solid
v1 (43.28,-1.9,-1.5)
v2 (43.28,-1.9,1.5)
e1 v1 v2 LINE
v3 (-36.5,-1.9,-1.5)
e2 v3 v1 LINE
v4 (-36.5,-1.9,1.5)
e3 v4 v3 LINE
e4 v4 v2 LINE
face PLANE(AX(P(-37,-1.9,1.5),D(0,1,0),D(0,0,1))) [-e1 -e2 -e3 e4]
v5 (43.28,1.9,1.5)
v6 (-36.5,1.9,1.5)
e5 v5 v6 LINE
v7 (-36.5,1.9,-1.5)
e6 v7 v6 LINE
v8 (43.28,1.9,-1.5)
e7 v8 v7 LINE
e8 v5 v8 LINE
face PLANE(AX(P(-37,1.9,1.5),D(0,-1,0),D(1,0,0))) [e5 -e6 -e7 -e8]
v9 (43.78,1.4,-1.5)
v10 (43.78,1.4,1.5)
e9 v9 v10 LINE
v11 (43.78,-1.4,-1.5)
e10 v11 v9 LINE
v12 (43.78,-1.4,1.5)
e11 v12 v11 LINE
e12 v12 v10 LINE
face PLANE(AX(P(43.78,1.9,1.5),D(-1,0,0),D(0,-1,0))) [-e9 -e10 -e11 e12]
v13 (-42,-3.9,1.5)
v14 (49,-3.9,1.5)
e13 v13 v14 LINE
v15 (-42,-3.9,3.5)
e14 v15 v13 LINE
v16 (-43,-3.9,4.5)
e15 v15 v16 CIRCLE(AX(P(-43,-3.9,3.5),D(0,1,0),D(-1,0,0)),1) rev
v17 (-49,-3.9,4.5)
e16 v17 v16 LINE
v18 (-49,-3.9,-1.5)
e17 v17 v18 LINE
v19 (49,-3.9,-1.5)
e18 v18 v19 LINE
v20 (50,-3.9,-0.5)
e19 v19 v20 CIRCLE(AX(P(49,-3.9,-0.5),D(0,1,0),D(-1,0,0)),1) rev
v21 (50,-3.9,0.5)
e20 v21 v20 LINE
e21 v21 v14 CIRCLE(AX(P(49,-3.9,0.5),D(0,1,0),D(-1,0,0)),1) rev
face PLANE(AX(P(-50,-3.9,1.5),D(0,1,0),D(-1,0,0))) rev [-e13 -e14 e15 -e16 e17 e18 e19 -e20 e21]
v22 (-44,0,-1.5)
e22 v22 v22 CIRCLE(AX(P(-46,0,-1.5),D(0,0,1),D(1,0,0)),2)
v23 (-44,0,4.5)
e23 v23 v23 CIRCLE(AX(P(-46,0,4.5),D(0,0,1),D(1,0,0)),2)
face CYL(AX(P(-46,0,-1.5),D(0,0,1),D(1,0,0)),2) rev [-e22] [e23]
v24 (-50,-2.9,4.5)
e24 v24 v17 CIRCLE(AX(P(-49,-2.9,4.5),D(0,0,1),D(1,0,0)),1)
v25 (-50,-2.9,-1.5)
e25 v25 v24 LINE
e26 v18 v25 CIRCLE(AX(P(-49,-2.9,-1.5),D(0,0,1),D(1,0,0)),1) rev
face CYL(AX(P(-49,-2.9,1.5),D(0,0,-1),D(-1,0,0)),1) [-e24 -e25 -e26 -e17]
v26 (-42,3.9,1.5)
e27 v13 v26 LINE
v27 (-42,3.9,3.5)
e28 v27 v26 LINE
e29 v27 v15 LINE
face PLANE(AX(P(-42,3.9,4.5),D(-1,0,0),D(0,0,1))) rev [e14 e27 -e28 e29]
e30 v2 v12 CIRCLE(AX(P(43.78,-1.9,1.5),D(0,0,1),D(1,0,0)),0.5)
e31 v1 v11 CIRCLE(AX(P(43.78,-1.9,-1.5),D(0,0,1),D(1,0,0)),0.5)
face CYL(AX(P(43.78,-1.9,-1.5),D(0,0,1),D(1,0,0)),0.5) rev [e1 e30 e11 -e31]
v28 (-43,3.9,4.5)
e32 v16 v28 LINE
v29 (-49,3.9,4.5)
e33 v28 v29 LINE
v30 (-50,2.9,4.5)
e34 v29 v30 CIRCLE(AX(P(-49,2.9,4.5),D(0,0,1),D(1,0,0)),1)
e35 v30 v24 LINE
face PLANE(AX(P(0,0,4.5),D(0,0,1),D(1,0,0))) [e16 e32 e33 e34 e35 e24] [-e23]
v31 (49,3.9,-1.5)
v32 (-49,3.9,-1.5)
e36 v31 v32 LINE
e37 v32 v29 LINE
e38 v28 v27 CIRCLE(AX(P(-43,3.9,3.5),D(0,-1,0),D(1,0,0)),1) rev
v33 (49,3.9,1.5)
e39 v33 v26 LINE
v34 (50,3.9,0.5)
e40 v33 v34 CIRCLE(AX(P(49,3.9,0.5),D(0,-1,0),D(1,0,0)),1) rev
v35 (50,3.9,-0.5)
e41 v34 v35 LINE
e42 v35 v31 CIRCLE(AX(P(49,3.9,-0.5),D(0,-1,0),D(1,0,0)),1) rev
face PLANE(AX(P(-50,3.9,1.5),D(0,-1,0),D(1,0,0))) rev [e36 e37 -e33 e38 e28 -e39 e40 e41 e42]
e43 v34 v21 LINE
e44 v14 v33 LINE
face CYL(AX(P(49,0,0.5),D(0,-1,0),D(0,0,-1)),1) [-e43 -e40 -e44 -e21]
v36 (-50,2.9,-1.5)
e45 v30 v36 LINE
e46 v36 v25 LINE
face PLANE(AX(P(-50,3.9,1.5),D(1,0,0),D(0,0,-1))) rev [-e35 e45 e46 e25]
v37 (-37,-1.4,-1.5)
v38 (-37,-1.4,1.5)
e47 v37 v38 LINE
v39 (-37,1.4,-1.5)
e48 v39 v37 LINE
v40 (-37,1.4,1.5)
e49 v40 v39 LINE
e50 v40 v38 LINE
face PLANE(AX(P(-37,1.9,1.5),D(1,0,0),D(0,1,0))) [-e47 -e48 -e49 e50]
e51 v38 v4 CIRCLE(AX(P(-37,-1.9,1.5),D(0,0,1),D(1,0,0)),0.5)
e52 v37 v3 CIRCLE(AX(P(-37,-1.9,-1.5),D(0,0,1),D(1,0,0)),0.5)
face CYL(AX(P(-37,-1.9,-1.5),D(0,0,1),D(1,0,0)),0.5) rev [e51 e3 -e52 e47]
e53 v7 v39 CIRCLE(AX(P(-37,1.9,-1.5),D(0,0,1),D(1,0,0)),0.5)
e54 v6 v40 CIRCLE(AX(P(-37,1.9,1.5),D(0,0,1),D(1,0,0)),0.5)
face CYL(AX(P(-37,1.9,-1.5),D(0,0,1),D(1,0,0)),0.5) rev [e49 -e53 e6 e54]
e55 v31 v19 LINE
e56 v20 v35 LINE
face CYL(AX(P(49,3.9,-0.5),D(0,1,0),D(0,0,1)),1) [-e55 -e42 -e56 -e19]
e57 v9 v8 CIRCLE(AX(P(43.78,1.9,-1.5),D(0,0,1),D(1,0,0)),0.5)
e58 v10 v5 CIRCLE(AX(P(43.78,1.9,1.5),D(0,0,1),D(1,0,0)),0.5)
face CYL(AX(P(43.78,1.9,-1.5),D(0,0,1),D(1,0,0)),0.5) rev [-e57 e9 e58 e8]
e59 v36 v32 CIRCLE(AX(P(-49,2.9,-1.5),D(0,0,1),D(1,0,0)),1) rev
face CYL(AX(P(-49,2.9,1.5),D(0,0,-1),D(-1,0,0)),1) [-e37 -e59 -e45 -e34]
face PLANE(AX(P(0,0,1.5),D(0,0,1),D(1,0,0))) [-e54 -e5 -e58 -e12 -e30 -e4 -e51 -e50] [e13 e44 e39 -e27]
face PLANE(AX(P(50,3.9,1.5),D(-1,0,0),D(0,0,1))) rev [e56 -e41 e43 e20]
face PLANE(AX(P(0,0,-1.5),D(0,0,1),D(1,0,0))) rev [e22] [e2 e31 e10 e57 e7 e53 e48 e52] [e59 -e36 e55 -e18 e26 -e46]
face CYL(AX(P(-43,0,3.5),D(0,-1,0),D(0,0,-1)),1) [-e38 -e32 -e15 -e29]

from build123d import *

# Parameters (mm, degrees)
SKIZZE1_W                            = 100
SKIZZE1_H                            = 7.8
SKIZZE1_W_2                          = 80.78
SKIZZE1_H_2                          = 3.8
AUFSATZ_LINEAR_AUSTRAGEN1_DEPTH      = 1.5
SKIZZE3_W                            = 8
SKIZZE3_H                            = 7.8
AUFSATZ_LINEAR_AUSTRAGEN2_DEPTH      = 3
SCHNITT_LINEAR_AUSTRAGEN4_DEPTH      = 51.509504056
SCHNITT_LINEAR_AUSTRAGEN4_DEPTH_BACK = 51.509504056
SKIZZE5_R                            = 2
VERRUNDUNG1_R                        = 1
VERRUNDUNG2_R                        = 1
VERRUNDUNG3_R                        = 1
VERRUNDUNG4_R                        = 1
VERRUNDUNG5_R                        = 1
LOCHUNGSSKIZZE_R                     = 0.5
RAHMENLOCHUNGEN_DEPTH                = 51.241516697


with BuildPart() as part:
    # Skizze1 → Aufsatz-Linear austragen1 (new, symmetric)
    with BuildSketch(Plane.XY):
        Rectangle(SKIZZE1_W, SKIZZE1_H)
        with Locations((3.39, 0)):
            Rectangle(SKIZZE1_W_2, SKIZZE1_H_2, mode=Mode.SUBTRACT)
    extrude(amount=AUFSATZ_LINEAR_AUSTRAGEN1_DEPTH, both=True)

    # Skizze3 → Aufsatz-Linear austragen2 (add)
    with BuildSketch(Plane.XY.offset(1.5)):
        with Locations((-46, 0)):
            Rectangle(SKIZZE3_W, SKIZZE3_H)
    extrude(amount=AUFSATZ_LINEAR_AUSTRAGEN2_DEPTH)

    # Skizze5 → Schnitt-Linear austragen4 (cut, two sides: drawn at the far end of the back side and taken through both)
    with BuildSketch(Plane.XY.offset(4.5).offset(-SCHNITT_LINEAR_AUSTRAGEN4_DEPTH_BACK)):
        with Locations((-46, 0)):
            Circle(SKIZZE5_R)
    extrude(amount=SCHNITT_LINEAR_AUSTRAGEN4_DEPTH + SCHNITT_LINEAR_AUSTRAGEN4_DEPTH_BACK, mode=Mode.SUBTRACT)

    # Verrundung1
    verrundung1_edges = [part.edges().sort_by_distance(p)[0] for p in [
        (-50, 3.9, 1.5),
    ]]
    fillet(verrundung1_edges, radius=VERRUNDUNG1_R)

    # Verrundung2
    verrundung2_edges = [part.edges().sort_by_distance(p)[0] for p in [
        (-50, -3.9, 1.5),
    ]]
    fillet(verrundung2_edges, radius=VERRUNDUNG2_R)

    # Verrundung3
    verrundung3_edges = [part.edges().sort_by_distance(p)[0] for p in [
        (-42, 0, 4.5),
    ]]
    fillet(verrundung3_edges, radius=VERRUNDUNG3_R)

    # Verrundung4
    verrundung4_edges = [part.edges().sort_by_distance(p)[0] for p in [
        (50, 0, -1.5),
    ]]
    fillet(verrundung4_edges, radius=VERRUNDUNG4_R)

    # Verrundung5
    verrundung5_edges = [part.edges().sort_by_distance(p)[0] for p in [
        (50, 0, 1.5),
    ]]
    fillet(verrundung5_edges, radius=VERRUNDUNG5_R)

    # Lochungsskizze → RahmenLochungen (cut, through all)
    with BuildSketch(Plane.XY.offset(1.5)):
        with Locations((-37, 1.9)):
            Circle(LOCHUNGSSKIZZE_R)
        with Locations((-37, -1.9)):
            Circle(LOCHUNGSSKIZZE_R)
        with Locations((43.78, -1.9)):
            Circle(LOCHUNGSSKIZZE_R)
        with Locations((43.78, 1.9)):
            Circle(LOCHUNGSSKIZZE_R)
    extrude(amount=-RAHMENLOCHUNGEN_DEPTH, mode=Mode.SUBTRACT)


solid = part.part
